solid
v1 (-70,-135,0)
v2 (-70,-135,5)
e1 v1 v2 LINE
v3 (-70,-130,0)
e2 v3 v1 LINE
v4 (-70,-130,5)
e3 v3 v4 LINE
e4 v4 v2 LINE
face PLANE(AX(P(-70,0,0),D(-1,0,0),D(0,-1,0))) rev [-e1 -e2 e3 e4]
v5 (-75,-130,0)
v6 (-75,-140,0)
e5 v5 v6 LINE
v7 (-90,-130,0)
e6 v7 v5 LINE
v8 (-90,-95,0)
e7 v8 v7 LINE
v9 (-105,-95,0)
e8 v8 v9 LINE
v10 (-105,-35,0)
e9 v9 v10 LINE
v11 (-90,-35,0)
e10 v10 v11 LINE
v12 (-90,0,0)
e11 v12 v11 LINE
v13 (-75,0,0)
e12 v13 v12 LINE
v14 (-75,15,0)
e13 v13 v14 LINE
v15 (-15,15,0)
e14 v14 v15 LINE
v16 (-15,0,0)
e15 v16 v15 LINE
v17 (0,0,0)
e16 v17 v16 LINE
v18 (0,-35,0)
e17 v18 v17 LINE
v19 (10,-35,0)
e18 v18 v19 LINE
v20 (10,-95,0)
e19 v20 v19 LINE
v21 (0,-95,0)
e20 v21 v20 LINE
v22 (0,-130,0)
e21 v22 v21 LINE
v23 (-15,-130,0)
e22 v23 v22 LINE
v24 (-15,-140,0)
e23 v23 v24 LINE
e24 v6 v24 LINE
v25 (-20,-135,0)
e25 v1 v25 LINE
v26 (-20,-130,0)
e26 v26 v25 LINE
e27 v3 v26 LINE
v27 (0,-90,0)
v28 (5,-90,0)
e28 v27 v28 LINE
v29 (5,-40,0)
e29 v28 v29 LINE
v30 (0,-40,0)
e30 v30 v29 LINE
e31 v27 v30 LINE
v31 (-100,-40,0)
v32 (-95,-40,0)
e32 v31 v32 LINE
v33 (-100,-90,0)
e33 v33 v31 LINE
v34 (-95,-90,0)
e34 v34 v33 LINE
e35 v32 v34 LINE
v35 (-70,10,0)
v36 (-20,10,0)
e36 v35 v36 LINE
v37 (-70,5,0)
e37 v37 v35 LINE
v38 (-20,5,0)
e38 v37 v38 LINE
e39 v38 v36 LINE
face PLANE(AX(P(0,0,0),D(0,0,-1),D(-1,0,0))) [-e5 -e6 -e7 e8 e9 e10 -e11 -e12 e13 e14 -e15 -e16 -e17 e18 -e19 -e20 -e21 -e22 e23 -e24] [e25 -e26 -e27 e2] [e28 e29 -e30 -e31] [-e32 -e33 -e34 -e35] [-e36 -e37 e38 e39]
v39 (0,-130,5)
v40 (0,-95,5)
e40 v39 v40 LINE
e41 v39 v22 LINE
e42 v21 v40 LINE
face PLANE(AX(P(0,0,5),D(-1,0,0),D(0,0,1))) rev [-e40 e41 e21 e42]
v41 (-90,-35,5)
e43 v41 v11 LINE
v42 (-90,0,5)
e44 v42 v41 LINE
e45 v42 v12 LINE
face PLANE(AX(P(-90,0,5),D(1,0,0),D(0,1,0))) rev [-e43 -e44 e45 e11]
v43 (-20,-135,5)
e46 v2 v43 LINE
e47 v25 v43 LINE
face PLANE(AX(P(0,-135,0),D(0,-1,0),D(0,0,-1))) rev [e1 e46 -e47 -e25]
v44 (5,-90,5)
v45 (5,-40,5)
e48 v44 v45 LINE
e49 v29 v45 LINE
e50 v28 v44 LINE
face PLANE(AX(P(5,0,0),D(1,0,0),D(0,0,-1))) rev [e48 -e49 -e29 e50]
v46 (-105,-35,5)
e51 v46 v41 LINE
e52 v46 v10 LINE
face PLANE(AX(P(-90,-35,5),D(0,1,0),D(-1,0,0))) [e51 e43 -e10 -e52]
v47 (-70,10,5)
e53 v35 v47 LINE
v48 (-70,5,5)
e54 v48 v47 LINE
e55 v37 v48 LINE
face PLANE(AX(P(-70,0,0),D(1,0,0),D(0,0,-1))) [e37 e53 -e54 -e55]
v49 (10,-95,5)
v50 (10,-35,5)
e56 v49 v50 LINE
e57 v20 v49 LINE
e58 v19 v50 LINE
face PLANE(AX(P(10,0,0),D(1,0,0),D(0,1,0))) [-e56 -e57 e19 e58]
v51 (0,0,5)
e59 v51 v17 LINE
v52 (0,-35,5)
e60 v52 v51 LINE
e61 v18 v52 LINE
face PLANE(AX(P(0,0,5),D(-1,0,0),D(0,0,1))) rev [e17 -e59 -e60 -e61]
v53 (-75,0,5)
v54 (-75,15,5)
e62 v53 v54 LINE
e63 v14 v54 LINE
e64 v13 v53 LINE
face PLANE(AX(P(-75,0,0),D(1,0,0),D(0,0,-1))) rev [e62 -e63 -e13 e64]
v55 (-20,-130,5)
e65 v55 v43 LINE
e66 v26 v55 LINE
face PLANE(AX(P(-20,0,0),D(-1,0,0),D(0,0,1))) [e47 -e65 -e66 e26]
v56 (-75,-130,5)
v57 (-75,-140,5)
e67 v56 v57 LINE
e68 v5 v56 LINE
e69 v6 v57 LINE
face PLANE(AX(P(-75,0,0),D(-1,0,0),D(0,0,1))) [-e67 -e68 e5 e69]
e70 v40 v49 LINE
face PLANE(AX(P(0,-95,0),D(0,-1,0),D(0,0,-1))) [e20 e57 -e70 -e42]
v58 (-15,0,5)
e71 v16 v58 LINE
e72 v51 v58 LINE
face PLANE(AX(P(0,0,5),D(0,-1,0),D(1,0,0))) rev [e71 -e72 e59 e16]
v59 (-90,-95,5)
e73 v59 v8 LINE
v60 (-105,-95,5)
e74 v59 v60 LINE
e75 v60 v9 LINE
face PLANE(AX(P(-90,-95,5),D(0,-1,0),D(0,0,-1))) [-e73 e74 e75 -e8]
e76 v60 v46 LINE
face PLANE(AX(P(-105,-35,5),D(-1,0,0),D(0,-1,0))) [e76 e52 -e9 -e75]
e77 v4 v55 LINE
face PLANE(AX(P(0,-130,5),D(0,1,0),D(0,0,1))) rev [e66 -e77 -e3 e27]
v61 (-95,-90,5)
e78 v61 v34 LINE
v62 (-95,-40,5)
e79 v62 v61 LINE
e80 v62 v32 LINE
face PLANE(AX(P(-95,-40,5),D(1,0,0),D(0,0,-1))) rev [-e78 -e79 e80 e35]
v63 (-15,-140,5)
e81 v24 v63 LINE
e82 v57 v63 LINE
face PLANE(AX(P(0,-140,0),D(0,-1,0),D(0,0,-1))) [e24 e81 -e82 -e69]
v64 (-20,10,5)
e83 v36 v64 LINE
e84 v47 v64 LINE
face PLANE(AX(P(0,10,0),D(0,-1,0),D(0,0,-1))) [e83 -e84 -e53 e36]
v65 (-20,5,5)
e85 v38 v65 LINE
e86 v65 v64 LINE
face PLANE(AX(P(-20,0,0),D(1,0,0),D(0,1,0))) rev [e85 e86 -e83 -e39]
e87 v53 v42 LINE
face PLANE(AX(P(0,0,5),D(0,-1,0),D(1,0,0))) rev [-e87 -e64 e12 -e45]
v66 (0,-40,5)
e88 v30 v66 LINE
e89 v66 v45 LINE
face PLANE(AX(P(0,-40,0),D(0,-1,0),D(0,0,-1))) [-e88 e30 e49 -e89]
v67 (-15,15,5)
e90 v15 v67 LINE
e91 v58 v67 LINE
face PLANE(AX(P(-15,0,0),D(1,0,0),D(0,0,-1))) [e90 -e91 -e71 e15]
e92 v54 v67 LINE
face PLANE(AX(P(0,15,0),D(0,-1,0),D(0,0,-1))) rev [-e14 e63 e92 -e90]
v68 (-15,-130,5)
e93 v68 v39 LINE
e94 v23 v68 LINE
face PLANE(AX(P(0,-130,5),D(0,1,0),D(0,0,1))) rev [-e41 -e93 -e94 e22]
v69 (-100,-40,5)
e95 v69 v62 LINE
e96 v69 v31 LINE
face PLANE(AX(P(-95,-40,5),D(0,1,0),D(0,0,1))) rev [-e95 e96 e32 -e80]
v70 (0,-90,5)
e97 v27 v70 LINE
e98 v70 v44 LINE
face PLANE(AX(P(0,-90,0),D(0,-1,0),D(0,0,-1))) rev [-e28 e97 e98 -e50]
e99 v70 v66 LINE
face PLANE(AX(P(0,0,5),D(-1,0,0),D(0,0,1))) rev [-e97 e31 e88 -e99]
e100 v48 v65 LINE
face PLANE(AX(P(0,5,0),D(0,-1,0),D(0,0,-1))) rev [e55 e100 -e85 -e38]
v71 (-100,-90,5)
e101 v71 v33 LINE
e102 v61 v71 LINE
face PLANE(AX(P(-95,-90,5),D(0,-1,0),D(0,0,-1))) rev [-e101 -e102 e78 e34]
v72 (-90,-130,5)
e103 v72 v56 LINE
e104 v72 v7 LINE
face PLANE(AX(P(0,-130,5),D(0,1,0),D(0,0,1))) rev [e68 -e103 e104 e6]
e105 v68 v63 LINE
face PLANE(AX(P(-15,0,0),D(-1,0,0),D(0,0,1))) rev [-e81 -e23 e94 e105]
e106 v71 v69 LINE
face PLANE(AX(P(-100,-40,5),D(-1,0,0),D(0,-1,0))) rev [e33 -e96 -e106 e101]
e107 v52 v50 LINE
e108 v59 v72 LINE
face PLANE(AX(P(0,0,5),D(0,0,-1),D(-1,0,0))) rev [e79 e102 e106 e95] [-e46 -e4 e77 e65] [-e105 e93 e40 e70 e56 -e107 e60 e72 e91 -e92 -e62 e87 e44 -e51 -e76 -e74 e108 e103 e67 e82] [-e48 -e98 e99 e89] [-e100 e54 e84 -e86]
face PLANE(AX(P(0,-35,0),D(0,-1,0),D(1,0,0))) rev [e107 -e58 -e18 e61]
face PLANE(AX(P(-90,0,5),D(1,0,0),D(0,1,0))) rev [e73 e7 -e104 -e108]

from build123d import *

# Parameters (mm, degrees)
SKETCH1_W           = 90
SKETCH1_H           = 130
BOSS_EXTRUDE1_DEPTH = 5
SKETCH2_W           = 60
SKETCH2_H           = 15
SKETCH2_W_2         = 50
SKETCH2_H_2         = 5
BOSS_EXTRUDE2_DEPTH = 5
SKETCH3_W           = 50
SKETCH3_H           = 5
BOSS_EXTRUDE3_DEPTH = 5
SKETCH4_W           = 15
SKETCH4_H           = 60
SKETCH4_W_2         = 5
SKETCH4_H_2         = 50
BOSS_EXTRUDE4_DEPTH = 5


with BuildPart() as part:
    # Sketch1 → Boss-Extrude1 (new body)
    with BuildSketch(Plane.XY):
        with Locations((-45, -65)):
            Rectangle(SKETCH1_W, SKETCH1_H)
    extrude(amount=BOSS_EXTRUDE1_DEPTH)

    # Sketch2 → Boss-Extrude2 (add)
    # profile 1 of 2: a face of its own
    with BuildSketch(Plane.XY.offset(5)):
        with Locations((-45, 7.5)):
            Rectangle(SKETCH2_W, SKETCH2_H)
        with Locations((-45, 7.5)):
            Rectangle(SKETCH2_W_2, SKETCH2_H_2, mode=Mode.SUBTRACT)
    # profile 2 of 2: a face of its own
    with BuildSketch(Plane.XY.offset(5)):
        Polygon((-15, -140), (-15, -130), (-20, -130), (-20, -135), (-70, -135), (-70, -130), (-75, -130), (-75, -140), align=None)
    extrude(amount=-BOSS_EXTRUDE2_DEPTH)

    # Sketch3 → Boss-Extrude3 (add)
    # profile 1 of 2: a face of its own
    with BuildSketch(Plane.XY.offset(5)):
        Polygon((0, -130), (0, -95), (0, -90), (0, -40), (0, -35), (0, 0), (-15, 0), (-15, 15), (-75, 15), (-75, 0), (-90, 0), (-90, -130), (-75, -130), (-75, -140), (-15, -140), (-15, -130), align=None)
        with Locations((-45, -132.5)):
            Rectangle(SKETCH3_W, SKETCH3_H, mode=Mode.SUBTRACT)
        with Locations((-45, 7.5)):
            Rectangle(SKETCH3_W, SKETCH3_H, mode=Mode.SUBTRACT)
    # profile 2 of 2: a face of its own
    with BuildSketch(Plane.XY.offset(5)):
        Polygon((0, -95), (10, -95), (10, -35), (0, -35), (0, -40), (5, -40), (5, -90), (0, -90), align=None)
    extrude(amount=-BOSS_EXTRUDE3_DEPTH)

    # Sketch4 → Boss-Extrude4 (add)
    with BuildSketch(Plane(origin=(0, 0, 0), x_dir=(-1, 0, 0), z_dir=(0, 0, -1))):
        with Locations((97.5, -65)):
            Rectangle(SKETCH4_W, SKETCH4_H)
        with Locations((97.5, -65)):
            Rectangle(SKETCH4_W_2, SKETCH4_H_2, mode=Mode.SUBTRACT)
    extrude(amount=-BOSS_EXTRUDE4_DEPTH)


solid = part.part
